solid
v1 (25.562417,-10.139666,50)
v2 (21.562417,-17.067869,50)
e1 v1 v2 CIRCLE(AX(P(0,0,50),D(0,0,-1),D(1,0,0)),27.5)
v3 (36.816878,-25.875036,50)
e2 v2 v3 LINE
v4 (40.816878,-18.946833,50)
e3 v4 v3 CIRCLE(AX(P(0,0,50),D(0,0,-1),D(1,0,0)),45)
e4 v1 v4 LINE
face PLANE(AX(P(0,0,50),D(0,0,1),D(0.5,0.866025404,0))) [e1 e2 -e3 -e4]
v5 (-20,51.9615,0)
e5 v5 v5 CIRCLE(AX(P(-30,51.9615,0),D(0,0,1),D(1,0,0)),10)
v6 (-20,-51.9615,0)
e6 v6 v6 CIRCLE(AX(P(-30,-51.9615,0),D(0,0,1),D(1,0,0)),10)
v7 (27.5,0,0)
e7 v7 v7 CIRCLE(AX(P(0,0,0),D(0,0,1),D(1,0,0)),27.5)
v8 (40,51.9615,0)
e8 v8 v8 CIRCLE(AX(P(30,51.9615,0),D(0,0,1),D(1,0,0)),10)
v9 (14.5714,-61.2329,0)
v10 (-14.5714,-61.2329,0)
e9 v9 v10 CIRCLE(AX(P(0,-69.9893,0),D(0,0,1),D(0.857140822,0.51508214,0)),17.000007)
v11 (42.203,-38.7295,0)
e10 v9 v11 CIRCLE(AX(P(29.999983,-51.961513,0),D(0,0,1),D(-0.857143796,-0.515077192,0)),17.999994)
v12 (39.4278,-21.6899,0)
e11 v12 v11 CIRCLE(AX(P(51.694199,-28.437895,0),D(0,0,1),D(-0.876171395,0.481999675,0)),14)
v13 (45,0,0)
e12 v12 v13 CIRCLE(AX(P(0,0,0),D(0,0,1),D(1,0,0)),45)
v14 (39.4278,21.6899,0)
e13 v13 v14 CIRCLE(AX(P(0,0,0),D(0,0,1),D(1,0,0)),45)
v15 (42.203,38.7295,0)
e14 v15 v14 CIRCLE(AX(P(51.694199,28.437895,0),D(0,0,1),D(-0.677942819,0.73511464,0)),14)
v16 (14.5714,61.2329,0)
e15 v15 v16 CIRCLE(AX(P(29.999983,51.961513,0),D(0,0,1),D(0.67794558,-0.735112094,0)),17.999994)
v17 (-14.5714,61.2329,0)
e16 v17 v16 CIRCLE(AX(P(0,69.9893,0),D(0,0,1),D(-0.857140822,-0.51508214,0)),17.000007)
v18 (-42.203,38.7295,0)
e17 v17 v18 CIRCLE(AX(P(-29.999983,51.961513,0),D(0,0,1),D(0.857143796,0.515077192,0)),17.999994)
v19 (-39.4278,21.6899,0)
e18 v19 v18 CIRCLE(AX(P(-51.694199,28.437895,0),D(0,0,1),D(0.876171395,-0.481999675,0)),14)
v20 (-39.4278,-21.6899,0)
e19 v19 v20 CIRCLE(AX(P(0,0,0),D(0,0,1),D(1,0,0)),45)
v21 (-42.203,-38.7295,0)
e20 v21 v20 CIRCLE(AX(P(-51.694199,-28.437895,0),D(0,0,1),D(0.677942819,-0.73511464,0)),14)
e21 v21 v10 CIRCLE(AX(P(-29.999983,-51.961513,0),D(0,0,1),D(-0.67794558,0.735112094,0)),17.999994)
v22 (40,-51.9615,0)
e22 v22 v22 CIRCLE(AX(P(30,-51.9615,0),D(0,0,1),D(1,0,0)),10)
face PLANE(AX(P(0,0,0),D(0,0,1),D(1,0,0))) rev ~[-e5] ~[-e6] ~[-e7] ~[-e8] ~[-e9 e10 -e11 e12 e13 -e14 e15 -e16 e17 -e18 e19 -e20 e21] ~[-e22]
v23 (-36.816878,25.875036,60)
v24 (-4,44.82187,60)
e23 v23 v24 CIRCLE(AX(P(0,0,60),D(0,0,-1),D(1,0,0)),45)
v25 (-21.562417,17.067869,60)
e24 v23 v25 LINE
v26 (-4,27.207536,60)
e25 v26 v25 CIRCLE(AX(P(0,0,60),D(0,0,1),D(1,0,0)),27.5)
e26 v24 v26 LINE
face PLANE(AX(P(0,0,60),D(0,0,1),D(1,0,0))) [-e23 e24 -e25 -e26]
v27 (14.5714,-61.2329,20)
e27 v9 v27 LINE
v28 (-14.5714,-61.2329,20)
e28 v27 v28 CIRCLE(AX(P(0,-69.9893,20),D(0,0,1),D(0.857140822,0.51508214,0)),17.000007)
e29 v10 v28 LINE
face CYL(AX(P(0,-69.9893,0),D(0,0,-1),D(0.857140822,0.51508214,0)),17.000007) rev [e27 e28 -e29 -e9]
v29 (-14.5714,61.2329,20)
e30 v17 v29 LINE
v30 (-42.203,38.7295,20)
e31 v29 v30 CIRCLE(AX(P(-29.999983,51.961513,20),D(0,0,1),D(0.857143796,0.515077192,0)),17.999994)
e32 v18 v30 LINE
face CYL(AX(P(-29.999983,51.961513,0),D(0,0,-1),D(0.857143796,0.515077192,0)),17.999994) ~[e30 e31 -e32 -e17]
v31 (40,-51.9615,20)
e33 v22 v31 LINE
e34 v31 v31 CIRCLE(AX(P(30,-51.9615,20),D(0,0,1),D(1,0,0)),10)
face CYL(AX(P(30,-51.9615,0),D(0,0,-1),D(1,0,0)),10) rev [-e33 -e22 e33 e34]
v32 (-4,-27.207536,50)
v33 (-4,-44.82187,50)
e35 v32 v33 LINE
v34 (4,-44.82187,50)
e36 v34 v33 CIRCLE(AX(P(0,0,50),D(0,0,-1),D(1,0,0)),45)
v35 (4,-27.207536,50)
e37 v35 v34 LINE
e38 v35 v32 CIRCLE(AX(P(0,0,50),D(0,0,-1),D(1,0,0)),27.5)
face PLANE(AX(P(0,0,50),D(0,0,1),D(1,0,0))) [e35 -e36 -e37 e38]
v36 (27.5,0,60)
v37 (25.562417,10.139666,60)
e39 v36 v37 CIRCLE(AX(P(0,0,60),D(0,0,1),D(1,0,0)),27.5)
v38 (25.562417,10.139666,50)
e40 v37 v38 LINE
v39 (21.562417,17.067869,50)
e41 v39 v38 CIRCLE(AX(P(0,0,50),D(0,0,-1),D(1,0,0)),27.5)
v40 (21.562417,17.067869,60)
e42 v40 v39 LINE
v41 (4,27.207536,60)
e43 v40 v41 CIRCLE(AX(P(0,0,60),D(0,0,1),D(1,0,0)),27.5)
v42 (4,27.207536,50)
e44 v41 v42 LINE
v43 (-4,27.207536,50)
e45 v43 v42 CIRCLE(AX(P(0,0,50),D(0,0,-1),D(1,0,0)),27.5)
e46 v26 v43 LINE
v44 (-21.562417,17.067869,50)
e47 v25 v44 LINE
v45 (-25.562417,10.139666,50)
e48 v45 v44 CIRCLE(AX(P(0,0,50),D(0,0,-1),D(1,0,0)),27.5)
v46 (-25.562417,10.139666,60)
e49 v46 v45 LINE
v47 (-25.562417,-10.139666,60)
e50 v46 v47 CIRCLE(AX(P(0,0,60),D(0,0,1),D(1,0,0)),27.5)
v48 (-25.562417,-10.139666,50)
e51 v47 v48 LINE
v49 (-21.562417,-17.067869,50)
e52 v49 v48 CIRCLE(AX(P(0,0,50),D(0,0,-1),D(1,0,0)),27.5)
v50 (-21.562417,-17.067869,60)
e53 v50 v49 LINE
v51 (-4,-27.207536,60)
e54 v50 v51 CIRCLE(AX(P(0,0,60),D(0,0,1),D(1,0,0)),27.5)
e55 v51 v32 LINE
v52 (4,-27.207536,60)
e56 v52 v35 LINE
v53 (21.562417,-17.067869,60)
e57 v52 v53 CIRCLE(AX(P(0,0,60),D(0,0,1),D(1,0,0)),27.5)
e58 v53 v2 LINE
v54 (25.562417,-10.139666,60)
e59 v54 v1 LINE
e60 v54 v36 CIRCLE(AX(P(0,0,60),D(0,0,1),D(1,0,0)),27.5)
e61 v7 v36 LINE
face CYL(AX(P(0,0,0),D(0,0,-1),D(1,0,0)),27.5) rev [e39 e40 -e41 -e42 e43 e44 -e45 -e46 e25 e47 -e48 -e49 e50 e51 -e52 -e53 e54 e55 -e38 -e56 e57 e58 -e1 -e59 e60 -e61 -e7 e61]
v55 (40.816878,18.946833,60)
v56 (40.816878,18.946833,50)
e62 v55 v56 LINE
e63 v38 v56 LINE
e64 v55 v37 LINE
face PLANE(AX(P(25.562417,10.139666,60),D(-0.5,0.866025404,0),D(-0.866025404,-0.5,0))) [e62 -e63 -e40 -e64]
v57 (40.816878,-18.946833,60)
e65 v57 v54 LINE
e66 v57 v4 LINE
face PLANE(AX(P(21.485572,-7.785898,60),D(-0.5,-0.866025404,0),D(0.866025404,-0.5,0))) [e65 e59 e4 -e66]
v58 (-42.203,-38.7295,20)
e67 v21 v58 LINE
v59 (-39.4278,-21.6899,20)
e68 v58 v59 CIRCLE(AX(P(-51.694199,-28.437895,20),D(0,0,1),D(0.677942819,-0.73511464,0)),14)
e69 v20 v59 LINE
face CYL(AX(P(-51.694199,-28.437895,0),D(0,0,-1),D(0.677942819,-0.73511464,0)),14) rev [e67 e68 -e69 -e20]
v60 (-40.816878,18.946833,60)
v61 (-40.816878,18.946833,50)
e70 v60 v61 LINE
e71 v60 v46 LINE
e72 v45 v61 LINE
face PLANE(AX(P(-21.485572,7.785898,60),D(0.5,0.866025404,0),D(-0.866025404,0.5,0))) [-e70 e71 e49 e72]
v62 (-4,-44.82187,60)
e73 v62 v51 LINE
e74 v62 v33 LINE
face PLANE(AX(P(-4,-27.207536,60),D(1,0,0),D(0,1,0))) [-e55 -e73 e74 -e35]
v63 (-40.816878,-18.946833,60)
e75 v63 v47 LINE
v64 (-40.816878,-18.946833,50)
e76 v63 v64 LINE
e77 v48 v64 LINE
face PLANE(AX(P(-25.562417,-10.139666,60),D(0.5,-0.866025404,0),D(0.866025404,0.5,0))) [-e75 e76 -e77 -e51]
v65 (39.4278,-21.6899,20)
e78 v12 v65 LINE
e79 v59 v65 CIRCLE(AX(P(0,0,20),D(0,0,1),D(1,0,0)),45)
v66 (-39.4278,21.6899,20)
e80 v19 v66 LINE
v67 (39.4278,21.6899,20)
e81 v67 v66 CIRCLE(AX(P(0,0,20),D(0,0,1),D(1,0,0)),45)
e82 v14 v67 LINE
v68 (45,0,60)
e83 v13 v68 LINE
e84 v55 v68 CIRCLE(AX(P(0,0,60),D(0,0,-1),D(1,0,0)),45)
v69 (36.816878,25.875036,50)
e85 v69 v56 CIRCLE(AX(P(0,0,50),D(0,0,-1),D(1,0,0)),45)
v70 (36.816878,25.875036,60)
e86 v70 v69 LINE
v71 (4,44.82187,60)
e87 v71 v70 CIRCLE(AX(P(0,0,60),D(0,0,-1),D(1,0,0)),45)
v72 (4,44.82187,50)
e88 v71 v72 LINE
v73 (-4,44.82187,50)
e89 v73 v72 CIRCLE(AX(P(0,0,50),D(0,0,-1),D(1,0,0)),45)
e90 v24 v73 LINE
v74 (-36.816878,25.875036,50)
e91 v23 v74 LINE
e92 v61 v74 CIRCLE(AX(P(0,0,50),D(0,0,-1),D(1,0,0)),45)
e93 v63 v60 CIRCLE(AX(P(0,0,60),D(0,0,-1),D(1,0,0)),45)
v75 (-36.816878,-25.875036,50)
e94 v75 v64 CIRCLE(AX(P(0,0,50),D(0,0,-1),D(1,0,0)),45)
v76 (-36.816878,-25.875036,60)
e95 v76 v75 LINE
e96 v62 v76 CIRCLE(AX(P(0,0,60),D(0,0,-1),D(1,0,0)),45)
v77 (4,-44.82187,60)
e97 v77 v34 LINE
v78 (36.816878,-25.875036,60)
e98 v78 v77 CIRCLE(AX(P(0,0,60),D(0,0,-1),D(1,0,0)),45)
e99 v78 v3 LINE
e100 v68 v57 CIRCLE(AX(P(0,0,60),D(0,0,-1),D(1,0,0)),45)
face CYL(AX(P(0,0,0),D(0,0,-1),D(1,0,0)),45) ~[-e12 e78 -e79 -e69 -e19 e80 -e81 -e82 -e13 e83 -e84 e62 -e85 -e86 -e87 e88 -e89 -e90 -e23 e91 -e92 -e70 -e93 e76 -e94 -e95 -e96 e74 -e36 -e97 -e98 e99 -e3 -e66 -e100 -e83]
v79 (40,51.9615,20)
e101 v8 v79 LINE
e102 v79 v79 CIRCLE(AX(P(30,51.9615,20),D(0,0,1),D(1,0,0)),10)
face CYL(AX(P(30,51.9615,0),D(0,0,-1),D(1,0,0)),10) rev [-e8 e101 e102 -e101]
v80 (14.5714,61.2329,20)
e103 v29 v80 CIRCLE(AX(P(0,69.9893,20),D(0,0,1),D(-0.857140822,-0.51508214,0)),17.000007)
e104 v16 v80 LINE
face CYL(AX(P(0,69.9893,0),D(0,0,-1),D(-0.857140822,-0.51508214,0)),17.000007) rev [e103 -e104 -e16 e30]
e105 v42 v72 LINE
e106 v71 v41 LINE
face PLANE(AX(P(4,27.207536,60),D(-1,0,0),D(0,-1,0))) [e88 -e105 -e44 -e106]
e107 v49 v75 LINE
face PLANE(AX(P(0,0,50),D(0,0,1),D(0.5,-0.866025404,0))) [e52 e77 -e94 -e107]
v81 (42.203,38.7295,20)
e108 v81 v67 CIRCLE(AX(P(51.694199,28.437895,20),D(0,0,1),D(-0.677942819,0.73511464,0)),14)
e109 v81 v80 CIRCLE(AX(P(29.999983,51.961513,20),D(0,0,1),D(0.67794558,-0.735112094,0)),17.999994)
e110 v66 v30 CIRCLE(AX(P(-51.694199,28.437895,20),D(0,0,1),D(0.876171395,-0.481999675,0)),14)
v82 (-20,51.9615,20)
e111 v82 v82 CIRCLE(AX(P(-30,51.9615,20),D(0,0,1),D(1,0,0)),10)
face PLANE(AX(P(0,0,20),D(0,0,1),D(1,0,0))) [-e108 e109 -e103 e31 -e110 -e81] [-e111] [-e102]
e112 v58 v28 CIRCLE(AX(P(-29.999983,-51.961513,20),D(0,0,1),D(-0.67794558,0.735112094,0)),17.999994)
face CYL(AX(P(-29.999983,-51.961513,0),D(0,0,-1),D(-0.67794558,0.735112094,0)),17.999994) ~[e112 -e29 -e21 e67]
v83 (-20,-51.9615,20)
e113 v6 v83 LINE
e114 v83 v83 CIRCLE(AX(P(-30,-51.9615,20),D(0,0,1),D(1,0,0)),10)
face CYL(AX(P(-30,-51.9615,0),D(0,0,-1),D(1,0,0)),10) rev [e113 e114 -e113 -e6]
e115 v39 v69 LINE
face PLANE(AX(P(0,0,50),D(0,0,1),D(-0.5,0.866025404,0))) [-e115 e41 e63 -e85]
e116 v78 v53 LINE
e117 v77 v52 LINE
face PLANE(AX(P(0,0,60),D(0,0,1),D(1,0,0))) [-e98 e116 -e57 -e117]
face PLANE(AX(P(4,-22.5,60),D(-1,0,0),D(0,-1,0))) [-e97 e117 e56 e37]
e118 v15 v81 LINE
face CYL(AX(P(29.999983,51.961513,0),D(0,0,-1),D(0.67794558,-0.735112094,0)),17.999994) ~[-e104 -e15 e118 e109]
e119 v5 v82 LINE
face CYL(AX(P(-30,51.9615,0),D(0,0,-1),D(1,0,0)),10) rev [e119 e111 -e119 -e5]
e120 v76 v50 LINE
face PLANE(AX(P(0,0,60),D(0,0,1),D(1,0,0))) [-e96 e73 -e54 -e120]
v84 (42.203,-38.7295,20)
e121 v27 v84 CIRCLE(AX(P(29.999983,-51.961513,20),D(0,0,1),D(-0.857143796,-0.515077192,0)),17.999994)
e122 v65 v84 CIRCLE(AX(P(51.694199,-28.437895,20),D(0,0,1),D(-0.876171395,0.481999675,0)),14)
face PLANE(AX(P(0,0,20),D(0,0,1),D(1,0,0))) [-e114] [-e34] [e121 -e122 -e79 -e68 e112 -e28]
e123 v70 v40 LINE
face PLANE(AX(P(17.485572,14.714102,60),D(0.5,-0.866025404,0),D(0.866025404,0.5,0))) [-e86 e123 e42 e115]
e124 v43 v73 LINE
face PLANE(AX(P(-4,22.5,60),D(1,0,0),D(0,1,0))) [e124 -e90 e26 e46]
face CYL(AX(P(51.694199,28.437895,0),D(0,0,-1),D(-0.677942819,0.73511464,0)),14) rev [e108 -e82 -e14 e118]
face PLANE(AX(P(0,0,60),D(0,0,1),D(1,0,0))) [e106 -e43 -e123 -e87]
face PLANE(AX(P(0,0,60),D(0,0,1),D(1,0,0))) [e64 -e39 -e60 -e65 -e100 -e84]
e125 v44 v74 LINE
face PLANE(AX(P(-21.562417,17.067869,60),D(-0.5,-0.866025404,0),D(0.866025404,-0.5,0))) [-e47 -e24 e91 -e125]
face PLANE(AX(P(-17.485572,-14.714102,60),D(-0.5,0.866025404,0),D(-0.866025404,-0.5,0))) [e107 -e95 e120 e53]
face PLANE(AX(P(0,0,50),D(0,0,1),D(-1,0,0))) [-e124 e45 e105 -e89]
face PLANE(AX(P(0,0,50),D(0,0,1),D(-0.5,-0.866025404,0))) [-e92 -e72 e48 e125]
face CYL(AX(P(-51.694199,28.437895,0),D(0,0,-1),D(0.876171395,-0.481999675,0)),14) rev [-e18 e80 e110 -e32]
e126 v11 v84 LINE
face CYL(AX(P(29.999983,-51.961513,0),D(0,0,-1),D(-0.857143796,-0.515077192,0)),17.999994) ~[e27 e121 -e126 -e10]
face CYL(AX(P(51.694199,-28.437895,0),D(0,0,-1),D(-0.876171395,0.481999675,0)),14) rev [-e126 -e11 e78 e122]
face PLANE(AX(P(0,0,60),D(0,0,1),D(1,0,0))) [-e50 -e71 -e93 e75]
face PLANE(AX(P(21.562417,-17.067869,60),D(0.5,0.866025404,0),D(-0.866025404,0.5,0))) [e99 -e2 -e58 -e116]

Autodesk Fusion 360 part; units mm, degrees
sketch "Sketch1" plane through (0, 0, 0) normal (0, 0, 1) x (1, 0, 0)
  circle A0 centre (0, 0) radius 27.5
  circle A1 centre (0, 0) radius 45
  line L0 (0, 0) -> (0, 120) construction
  line L1 (0, 0) -> (160, 0) construction
  line L2 (0, 0) -> (-72.0363, 124.7705) construction
  circle A2 centre (-30, 51.9615) radius 10
  circle A3 centre (30, 51.9615) radius 10
  arc A4 (-14.5714, 61.2329) -> (14.5714, 61.2329) centre (0, 69.9893) ccw
  arc A5 (-39.4278, 21.6899) -> (-42.203, 38.7295) centre (-51.6942, 28.4379) ccw
  arc A6 (42.203, 38.7295) -> (39.4278, 21.6899) centre (51.6942, 28.4379) ccw
  arc A7 (-14.5714, 61.2329) -> (-42.203, 38.7295) centre (-30, 51.9615) ccw
  arc A8 (42.203, 38.7295) -> (14.5714, 61.2329) centre (30, 51.9615) ccw
  arc A9 (14.5714, -61.2329) -> (-14.5714, -61.2329) centre (0, -69.9893) ccw
  arc A10 (-42.203, -38.7295) -> (-14.5714, -61.2329) centre (-30, -51.9615) ccw
  arc A11 (-42.203, -38.7295) -> (-39.4278, -21.6899) centre (-51.6942, -28.4379) ccw
  arc A12 (14.5714, -61.2329) -> (42.203, -38.7295) centre (30, -51.9615) ccw
  arc A13 (39.4278, -21.6899) -> (42.203, -38.7295) centre (51.6942, -28.4379) ccw
  circle A14 centre (30, -51.9615) radius 10
  circle A15 centre (-30, -51.9615) radius 10
  dimension "d1" = 55
  dimension "d2" = 90
  dimension "d3" = 30
  dimension "d4" = 20
  dimension "d5" = 36
  dimension "d6" = 60
  dimension "d7" = 17
  dimension "d8" = 14
extrude "Extrude1" add sketch "Sketch1" along normal blind 20 contours A1 A4 A5 A6 A7 A8 | A1 A9 A10 A11 A12 A13 makes body 1 at (-38.3543, 23.536, 13.3333) makes body 2 at (38.3543, -23.536, 13.3333)
extrude "Extrude2" add sketch "Sketch1" along normal blind 60 contours A1 bodies 1 2
sketch "Sketch2" plane through (0, 0, 60) normal (0, 0, 1) x (-1, 0, 0)
  circle A0 centre (0, 0) radius 27.5
  circle A1 centre (0, 0) radius 45
  line L0 (-4, -22.5) -> (4, -22.5)
  line L1 (4, -22.5) -> (4, -47.5)
  line L2 (4, -47.5) -> (-4, -47.5)
  line L3 (-4, -47.5) -> (-4, -22.5)
  line L4 (-4, -22.5) -> (4, -47.5) construction
  line L5 (4, -22.5) -> (-4, -47.5) construction
  point P0 (0, -35)
  dimension "d13" = 8
  dimension "d14" = 25
extrude "Extrude3" cut sketch "Sketch2" against normal blind 10 contours A0 L0 L1 L3 | A0 A1 L1 L3 | A1 L1 L2 L3 picked at (-0.4459, -24.1558) picked at (-3.1125, -33.1656) bodies 1
pattern_circular "C-Pattern1" count 6 over 360 about axis through (0, 0, 60) along (0, 0, 1) of "Extrude3"
